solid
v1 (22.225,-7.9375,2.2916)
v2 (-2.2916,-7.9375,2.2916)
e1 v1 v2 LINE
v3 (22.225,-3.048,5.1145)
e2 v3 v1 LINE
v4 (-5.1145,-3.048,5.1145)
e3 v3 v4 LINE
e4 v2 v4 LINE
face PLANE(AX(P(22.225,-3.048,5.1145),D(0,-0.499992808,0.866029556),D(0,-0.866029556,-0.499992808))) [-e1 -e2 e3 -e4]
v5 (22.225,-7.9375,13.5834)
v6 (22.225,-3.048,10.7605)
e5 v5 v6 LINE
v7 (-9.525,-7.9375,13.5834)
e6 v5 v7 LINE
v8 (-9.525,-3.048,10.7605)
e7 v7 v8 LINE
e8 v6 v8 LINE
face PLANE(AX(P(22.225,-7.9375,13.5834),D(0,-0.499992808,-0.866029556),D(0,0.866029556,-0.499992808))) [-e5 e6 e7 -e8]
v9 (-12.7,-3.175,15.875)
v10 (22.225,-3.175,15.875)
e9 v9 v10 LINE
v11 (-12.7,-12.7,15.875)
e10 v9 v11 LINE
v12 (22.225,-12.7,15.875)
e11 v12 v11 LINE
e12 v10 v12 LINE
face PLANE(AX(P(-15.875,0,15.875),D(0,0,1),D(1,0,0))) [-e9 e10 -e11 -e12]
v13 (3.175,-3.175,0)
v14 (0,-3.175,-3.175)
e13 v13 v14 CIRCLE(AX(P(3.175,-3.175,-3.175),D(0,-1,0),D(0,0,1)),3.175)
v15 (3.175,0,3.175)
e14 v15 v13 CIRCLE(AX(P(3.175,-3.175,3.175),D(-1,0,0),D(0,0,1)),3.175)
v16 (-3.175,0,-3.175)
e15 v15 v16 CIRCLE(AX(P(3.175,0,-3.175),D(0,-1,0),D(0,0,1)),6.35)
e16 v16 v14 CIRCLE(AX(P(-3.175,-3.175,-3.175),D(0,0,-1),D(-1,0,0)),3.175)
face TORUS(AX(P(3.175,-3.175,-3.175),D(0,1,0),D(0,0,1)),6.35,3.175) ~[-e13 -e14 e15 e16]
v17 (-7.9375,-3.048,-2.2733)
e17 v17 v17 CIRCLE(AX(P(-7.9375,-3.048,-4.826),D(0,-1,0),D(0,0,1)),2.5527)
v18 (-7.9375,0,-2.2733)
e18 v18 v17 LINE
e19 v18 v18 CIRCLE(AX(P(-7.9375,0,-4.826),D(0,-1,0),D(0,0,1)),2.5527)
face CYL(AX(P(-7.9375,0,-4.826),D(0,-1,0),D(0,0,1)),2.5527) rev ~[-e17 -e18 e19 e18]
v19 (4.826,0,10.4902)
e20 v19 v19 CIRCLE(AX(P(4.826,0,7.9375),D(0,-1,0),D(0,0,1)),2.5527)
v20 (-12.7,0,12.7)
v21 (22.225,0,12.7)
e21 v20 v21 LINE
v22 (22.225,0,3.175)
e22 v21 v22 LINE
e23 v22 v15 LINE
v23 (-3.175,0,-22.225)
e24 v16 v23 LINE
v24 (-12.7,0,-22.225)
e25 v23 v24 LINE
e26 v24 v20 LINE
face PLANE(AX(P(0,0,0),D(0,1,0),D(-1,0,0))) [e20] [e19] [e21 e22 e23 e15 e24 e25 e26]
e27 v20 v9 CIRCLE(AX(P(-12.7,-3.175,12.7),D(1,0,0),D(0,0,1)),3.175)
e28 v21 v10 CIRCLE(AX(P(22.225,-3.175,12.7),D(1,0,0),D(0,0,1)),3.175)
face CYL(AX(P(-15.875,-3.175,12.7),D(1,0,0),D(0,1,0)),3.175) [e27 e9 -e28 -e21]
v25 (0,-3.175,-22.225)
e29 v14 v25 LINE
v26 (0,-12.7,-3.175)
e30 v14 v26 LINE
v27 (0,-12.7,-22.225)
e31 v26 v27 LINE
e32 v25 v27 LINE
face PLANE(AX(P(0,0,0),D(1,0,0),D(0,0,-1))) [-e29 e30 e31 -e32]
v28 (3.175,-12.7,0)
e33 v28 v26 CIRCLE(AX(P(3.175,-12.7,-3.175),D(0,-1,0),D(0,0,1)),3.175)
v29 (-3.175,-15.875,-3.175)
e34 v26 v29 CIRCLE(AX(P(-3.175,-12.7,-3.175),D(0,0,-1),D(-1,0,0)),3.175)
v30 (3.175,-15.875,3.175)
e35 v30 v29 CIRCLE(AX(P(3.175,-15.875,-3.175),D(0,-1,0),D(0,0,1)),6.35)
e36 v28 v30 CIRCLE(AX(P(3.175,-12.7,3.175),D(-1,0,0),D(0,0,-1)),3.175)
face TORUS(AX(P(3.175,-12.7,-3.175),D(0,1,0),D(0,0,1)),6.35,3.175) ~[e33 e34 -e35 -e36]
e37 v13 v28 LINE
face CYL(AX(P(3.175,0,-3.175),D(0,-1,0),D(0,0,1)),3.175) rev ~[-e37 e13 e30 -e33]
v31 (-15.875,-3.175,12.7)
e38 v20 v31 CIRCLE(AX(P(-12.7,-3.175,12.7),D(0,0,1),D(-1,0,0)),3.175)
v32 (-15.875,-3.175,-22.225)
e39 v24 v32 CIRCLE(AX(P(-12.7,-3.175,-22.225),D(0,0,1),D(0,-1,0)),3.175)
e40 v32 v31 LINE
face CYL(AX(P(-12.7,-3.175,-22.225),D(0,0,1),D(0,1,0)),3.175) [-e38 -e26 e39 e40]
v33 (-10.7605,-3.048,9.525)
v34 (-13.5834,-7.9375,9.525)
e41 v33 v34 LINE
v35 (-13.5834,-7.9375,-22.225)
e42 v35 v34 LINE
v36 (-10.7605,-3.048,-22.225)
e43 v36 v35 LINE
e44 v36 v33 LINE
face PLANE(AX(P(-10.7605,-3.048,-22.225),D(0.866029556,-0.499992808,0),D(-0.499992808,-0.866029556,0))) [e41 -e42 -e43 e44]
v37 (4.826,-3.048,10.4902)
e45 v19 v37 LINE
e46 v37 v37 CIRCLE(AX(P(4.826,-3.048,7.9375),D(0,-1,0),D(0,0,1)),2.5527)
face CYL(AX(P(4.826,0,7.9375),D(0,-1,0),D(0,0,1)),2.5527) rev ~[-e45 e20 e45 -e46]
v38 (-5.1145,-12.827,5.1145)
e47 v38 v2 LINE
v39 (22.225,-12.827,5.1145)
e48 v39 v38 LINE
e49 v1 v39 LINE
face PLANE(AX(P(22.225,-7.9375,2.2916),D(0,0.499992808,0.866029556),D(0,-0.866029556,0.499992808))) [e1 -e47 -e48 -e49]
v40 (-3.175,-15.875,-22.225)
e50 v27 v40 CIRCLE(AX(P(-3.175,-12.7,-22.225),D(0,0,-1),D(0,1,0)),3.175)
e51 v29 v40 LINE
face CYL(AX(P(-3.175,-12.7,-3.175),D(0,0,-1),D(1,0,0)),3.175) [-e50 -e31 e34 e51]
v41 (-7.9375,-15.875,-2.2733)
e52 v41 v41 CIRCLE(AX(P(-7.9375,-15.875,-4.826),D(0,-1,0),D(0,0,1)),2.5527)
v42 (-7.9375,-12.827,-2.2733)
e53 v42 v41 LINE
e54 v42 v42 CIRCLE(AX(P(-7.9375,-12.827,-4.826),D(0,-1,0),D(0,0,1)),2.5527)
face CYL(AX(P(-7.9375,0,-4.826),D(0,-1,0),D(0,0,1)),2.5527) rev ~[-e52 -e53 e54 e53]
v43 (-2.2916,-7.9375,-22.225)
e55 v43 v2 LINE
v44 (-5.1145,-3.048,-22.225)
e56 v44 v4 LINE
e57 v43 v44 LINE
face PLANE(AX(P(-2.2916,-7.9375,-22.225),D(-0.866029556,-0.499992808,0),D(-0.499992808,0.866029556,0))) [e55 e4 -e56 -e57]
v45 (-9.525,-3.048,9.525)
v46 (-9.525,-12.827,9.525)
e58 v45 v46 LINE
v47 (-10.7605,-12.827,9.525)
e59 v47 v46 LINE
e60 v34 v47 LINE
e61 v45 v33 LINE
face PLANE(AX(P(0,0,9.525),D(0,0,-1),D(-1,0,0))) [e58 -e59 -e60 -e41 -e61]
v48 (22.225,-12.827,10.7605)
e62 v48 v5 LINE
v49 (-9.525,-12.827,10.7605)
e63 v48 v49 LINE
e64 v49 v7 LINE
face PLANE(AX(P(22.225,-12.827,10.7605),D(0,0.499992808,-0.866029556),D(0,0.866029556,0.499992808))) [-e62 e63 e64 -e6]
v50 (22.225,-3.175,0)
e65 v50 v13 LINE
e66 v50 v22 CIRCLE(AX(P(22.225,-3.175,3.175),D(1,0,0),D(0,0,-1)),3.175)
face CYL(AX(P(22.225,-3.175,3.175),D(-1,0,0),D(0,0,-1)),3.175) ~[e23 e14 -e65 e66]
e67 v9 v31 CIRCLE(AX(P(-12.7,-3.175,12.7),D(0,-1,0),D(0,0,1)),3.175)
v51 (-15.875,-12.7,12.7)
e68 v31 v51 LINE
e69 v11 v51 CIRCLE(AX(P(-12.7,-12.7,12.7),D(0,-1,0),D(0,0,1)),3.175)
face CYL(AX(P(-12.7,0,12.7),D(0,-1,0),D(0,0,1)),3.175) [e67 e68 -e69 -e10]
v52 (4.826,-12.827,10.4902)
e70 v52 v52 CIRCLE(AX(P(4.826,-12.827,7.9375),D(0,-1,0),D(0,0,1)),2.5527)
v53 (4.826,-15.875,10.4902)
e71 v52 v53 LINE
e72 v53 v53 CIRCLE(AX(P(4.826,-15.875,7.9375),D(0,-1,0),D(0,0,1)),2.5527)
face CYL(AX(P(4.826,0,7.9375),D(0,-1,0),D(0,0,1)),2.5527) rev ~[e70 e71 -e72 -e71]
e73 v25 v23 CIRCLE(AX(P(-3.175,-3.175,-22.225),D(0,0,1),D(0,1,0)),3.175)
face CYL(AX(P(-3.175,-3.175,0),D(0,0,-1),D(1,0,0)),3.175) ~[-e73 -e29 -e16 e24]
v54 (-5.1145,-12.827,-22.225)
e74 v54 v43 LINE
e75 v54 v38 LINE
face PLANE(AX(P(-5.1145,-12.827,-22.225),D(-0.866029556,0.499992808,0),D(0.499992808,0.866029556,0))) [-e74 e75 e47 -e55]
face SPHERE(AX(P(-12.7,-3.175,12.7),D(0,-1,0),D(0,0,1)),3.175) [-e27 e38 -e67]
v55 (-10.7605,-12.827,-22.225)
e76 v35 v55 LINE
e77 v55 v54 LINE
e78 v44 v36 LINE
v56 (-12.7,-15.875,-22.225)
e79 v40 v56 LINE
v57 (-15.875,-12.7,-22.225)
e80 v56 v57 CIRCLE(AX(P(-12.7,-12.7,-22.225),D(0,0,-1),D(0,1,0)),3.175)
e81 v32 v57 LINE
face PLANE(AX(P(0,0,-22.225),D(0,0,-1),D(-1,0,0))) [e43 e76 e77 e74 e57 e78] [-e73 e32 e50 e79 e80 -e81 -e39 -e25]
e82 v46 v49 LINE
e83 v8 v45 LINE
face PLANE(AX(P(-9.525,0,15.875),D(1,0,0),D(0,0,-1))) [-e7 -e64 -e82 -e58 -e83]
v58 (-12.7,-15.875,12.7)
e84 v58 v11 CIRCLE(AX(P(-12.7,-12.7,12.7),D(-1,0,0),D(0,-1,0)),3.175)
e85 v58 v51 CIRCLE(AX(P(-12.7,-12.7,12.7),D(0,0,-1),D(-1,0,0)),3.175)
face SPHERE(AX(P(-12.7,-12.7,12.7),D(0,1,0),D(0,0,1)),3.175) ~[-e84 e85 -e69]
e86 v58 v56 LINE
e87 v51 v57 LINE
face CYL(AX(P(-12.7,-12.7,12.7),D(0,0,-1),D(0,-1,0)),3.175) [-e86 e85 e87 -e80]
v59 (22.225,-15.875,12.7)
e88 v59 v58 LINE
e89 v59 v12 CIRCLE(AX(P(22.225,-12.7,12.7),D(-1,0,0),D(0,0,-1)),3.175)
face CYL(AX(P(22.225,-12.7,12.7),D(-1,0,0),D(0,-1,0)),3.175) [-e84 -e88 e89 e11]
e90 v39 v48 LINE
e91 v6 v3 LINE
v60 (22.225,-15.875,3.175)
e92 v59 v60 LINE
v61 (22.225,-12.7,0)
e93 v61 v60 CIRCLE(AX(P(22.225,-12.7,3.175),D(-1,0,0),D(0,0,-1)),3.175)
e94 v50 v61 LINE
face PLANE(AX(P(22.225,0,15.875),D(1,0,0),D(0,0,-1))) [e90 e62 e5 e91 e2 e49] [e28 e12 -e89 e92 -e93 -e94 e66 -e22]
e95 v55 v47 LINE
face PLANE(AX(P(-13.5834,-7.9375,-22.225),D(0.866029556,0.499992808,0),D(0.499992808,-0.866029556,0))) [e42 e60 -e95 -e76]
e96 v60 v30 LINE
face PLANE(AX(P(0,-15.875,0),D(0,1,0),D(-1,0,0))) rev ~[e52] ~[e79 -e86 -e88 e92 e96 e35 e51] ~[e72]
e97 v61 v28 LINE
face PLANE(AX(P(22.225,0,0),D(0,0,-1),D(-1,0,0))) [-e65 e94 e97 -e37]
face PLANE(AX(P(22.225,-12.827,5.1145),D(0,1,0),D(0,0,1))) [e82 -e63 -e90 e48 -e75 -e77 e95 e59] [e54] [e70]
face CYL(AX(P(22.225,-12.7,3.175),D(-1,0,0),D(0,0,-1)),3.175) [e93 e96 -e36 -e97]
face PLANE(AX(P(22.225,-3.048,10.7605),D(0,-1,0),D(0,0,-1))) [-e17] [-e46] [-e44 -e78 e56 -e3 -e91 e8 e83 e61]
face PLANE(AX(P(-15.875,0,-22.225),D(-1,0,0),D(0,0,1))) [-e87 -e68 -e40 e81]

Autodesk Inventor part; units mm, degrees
ref_plane "YZ Plane" through (0, 0, 0) normal (1, 0, 0) x (0, 1, 0)
ref_plane "XZ Plane" through (0, 0, 0) normal (0, 1, 0) x (-1, 0, 0)
ref_plane "XY Plane" through (0, 0, 0) normal (0, 0, 1) x (1, 0, 0)
sketch "Sketch1" plane through (0, 0, 0) normal (0, 1, 0) x (-1, 0, 0)
  line L0 (0, 0) -> (0, -22.225)
  line L1 (0, -22.225) -> (15.875, -22.225)
  line L2 (15.875, -22.225) -> (15.875, 15.875)
  line L3 (15.875, 15.875) -> (-22.225, 15.875)
  line L4 (-22.225, 15.875) -> (-22.225, 0)
  line L5 (-22.225, 0) -> (0, 0)
  dimension "d0" = 15.875
  dimension "d1" = 38.1
extrude "Extrusion1" add sketch "Sketch1" against normal blind 15.875
sketch "Sketch3" plane through (0, 0, -22.225) normal (0, 0, -1) x (-1, 0, 0)
  line L0 (5.1145, -3.048) -> (10.7605, -3.048)
  line L1 (10.7605, -3.048) -> (13.5834, -7.9375)
  line L2 (13.5834, -7.9375) -> (10.7605, -12.827)
  line L3 (10.7605, -12.827) -> (5.1145, -12.827)
  line L4 (5.1145, -12.827) -> (2.2916, -7.9375)
  line L5 (2.2916, -7.9375) -> (5.1145, -3.048)
  line L6 (15.875, -15.875) -> (0, -15.875) projected
  line L7 (0, 0) -> (0, -15.875) projected
  point P0 (7.9375, -7.9375)
  dimension "d5" = 7.9375
  dimension "d6" = 7.9375
  dimension "d7" = 9.779
extrude "Extrusion2" cut sketch "Sketch3" against normal blind 31.75
sketch "Sketch4" plane through (22.225, 0, 15.875) normal (1, 0, 0) x (0, 0, -1)
  line L0 (13.5834, -7.9375) -> (10.7605, -12.827)
  line L1 (10.7605, -12.827) -> (5.1145, -12.827)
  line L2 (5.1145, -12.827) -> (2.2916, -7.9375)
  line L3 (2.2916, -7.9375) -> (5.1145, -3.048)
  line L4 (5.1145, -3.048) -> (10.7605, -3.048)
  line L5 (10.7605, -3.048) -> (13.5834, -7.9375)
  line L6 (0, 0) -> (15.875, 0) projected
  line L7 (15.875, 0) -> (15.875, -15.875) projected
  point P0 (7.9375, -7.9375)
  dimension "d10" = 9.779
  dimension "d11" = 7.9375
  dimension "d12" = 7.9375
extrude "Extrusion3" cut sketch "Sketch4" against normal blind 31.75
sketch "Sketch5" plane through (0, 0, 0) normal (0, 1, 0) x (1, 0, 0)
  line L0 (-15.875, 22.225) -> (-15.875, -15.875) projected
  line L1 (-15.875, -15.875) -> (22.225, -15.875) projected
  line L2 (0, 22.225) -> (-15.875, 22.225) projected
  line L3 (22.225, -15.875) -> (22.225, 0) projected
  point P0 (0, 0)
  point P1 (-7.9375, 4.826)
  point P2 (4.826, -7.9375)
  dimension "d15" = 7.9375
  dimension "d16" = 7.9375
  dimension "d17" = 17.399
  dimension "d18" = 17.399
hole "Hole1" at (-7.9375, 0, -4.826) at (4.826, 0, 7.9375) direction (0, -1, 0) diameter 5.1054 end through all clearance for "Flat Head Machine Screw (82)" size "#10" standard "Ansi Unified Screw Threads"
fillet "Fillet1" radius 3.175 6 edges at (-15.875, -7.9375, 15.875) (0, -7.9375, 0) (11.1125, 0, 0) (0, 0, -11.1125) (3.175, 0, 15.875) (-15.875, 0, -3.175)
fillet "Fillet2" radius 3.175 5 edges at (-14.9451, -15.875, 14.9451) (4.7625, -15.875, 15.875) (-15.875, -15.875, -4.7625) (12.7, -15.875, 0) (0, -15.875, -12.7)
equation "\"d0\" = pieceWidth"
equation "\"d1\" = pieceLength"
equation "\"d2\" = pieceWidth"
equation "\"d5\" = 0.5 * pieceWidth"
equation "\"d6\" = 0.5 * pieceWidth"
equation "\"d7\" = hex"
equation "\"d8\" = depthOfHexCut"
equation "\"d10\" = hex"
equation "\"d11\" = 0.5 * pieceWidth"
equation "\"d12\" = 0.5 * pieceWidth"
equation "\"d13\" = depthOfHexCut"
equation "\"d15\" = 0.5 * pieceWidth"
equation "\"d16\" = 0.5 * pieceWidth"
equation "\"d17\" = depthForHexBracket"
equation "\"d18\" = depthForHexBracket"
equation "\"pieceWidth\" = 15.875"
equation "\"pieceLength\" = 38.1"
equation "\"depthOfInsert\" = 25.4"
equation "\"printingError\" = 0.254"
equation "\"depthForHexBracket\" = 17.399"
equation "\"hex\" = 9.779"
equation "\"depthOfHexCut\" = 31.75"
properties part number "3_8_angleJoint"
